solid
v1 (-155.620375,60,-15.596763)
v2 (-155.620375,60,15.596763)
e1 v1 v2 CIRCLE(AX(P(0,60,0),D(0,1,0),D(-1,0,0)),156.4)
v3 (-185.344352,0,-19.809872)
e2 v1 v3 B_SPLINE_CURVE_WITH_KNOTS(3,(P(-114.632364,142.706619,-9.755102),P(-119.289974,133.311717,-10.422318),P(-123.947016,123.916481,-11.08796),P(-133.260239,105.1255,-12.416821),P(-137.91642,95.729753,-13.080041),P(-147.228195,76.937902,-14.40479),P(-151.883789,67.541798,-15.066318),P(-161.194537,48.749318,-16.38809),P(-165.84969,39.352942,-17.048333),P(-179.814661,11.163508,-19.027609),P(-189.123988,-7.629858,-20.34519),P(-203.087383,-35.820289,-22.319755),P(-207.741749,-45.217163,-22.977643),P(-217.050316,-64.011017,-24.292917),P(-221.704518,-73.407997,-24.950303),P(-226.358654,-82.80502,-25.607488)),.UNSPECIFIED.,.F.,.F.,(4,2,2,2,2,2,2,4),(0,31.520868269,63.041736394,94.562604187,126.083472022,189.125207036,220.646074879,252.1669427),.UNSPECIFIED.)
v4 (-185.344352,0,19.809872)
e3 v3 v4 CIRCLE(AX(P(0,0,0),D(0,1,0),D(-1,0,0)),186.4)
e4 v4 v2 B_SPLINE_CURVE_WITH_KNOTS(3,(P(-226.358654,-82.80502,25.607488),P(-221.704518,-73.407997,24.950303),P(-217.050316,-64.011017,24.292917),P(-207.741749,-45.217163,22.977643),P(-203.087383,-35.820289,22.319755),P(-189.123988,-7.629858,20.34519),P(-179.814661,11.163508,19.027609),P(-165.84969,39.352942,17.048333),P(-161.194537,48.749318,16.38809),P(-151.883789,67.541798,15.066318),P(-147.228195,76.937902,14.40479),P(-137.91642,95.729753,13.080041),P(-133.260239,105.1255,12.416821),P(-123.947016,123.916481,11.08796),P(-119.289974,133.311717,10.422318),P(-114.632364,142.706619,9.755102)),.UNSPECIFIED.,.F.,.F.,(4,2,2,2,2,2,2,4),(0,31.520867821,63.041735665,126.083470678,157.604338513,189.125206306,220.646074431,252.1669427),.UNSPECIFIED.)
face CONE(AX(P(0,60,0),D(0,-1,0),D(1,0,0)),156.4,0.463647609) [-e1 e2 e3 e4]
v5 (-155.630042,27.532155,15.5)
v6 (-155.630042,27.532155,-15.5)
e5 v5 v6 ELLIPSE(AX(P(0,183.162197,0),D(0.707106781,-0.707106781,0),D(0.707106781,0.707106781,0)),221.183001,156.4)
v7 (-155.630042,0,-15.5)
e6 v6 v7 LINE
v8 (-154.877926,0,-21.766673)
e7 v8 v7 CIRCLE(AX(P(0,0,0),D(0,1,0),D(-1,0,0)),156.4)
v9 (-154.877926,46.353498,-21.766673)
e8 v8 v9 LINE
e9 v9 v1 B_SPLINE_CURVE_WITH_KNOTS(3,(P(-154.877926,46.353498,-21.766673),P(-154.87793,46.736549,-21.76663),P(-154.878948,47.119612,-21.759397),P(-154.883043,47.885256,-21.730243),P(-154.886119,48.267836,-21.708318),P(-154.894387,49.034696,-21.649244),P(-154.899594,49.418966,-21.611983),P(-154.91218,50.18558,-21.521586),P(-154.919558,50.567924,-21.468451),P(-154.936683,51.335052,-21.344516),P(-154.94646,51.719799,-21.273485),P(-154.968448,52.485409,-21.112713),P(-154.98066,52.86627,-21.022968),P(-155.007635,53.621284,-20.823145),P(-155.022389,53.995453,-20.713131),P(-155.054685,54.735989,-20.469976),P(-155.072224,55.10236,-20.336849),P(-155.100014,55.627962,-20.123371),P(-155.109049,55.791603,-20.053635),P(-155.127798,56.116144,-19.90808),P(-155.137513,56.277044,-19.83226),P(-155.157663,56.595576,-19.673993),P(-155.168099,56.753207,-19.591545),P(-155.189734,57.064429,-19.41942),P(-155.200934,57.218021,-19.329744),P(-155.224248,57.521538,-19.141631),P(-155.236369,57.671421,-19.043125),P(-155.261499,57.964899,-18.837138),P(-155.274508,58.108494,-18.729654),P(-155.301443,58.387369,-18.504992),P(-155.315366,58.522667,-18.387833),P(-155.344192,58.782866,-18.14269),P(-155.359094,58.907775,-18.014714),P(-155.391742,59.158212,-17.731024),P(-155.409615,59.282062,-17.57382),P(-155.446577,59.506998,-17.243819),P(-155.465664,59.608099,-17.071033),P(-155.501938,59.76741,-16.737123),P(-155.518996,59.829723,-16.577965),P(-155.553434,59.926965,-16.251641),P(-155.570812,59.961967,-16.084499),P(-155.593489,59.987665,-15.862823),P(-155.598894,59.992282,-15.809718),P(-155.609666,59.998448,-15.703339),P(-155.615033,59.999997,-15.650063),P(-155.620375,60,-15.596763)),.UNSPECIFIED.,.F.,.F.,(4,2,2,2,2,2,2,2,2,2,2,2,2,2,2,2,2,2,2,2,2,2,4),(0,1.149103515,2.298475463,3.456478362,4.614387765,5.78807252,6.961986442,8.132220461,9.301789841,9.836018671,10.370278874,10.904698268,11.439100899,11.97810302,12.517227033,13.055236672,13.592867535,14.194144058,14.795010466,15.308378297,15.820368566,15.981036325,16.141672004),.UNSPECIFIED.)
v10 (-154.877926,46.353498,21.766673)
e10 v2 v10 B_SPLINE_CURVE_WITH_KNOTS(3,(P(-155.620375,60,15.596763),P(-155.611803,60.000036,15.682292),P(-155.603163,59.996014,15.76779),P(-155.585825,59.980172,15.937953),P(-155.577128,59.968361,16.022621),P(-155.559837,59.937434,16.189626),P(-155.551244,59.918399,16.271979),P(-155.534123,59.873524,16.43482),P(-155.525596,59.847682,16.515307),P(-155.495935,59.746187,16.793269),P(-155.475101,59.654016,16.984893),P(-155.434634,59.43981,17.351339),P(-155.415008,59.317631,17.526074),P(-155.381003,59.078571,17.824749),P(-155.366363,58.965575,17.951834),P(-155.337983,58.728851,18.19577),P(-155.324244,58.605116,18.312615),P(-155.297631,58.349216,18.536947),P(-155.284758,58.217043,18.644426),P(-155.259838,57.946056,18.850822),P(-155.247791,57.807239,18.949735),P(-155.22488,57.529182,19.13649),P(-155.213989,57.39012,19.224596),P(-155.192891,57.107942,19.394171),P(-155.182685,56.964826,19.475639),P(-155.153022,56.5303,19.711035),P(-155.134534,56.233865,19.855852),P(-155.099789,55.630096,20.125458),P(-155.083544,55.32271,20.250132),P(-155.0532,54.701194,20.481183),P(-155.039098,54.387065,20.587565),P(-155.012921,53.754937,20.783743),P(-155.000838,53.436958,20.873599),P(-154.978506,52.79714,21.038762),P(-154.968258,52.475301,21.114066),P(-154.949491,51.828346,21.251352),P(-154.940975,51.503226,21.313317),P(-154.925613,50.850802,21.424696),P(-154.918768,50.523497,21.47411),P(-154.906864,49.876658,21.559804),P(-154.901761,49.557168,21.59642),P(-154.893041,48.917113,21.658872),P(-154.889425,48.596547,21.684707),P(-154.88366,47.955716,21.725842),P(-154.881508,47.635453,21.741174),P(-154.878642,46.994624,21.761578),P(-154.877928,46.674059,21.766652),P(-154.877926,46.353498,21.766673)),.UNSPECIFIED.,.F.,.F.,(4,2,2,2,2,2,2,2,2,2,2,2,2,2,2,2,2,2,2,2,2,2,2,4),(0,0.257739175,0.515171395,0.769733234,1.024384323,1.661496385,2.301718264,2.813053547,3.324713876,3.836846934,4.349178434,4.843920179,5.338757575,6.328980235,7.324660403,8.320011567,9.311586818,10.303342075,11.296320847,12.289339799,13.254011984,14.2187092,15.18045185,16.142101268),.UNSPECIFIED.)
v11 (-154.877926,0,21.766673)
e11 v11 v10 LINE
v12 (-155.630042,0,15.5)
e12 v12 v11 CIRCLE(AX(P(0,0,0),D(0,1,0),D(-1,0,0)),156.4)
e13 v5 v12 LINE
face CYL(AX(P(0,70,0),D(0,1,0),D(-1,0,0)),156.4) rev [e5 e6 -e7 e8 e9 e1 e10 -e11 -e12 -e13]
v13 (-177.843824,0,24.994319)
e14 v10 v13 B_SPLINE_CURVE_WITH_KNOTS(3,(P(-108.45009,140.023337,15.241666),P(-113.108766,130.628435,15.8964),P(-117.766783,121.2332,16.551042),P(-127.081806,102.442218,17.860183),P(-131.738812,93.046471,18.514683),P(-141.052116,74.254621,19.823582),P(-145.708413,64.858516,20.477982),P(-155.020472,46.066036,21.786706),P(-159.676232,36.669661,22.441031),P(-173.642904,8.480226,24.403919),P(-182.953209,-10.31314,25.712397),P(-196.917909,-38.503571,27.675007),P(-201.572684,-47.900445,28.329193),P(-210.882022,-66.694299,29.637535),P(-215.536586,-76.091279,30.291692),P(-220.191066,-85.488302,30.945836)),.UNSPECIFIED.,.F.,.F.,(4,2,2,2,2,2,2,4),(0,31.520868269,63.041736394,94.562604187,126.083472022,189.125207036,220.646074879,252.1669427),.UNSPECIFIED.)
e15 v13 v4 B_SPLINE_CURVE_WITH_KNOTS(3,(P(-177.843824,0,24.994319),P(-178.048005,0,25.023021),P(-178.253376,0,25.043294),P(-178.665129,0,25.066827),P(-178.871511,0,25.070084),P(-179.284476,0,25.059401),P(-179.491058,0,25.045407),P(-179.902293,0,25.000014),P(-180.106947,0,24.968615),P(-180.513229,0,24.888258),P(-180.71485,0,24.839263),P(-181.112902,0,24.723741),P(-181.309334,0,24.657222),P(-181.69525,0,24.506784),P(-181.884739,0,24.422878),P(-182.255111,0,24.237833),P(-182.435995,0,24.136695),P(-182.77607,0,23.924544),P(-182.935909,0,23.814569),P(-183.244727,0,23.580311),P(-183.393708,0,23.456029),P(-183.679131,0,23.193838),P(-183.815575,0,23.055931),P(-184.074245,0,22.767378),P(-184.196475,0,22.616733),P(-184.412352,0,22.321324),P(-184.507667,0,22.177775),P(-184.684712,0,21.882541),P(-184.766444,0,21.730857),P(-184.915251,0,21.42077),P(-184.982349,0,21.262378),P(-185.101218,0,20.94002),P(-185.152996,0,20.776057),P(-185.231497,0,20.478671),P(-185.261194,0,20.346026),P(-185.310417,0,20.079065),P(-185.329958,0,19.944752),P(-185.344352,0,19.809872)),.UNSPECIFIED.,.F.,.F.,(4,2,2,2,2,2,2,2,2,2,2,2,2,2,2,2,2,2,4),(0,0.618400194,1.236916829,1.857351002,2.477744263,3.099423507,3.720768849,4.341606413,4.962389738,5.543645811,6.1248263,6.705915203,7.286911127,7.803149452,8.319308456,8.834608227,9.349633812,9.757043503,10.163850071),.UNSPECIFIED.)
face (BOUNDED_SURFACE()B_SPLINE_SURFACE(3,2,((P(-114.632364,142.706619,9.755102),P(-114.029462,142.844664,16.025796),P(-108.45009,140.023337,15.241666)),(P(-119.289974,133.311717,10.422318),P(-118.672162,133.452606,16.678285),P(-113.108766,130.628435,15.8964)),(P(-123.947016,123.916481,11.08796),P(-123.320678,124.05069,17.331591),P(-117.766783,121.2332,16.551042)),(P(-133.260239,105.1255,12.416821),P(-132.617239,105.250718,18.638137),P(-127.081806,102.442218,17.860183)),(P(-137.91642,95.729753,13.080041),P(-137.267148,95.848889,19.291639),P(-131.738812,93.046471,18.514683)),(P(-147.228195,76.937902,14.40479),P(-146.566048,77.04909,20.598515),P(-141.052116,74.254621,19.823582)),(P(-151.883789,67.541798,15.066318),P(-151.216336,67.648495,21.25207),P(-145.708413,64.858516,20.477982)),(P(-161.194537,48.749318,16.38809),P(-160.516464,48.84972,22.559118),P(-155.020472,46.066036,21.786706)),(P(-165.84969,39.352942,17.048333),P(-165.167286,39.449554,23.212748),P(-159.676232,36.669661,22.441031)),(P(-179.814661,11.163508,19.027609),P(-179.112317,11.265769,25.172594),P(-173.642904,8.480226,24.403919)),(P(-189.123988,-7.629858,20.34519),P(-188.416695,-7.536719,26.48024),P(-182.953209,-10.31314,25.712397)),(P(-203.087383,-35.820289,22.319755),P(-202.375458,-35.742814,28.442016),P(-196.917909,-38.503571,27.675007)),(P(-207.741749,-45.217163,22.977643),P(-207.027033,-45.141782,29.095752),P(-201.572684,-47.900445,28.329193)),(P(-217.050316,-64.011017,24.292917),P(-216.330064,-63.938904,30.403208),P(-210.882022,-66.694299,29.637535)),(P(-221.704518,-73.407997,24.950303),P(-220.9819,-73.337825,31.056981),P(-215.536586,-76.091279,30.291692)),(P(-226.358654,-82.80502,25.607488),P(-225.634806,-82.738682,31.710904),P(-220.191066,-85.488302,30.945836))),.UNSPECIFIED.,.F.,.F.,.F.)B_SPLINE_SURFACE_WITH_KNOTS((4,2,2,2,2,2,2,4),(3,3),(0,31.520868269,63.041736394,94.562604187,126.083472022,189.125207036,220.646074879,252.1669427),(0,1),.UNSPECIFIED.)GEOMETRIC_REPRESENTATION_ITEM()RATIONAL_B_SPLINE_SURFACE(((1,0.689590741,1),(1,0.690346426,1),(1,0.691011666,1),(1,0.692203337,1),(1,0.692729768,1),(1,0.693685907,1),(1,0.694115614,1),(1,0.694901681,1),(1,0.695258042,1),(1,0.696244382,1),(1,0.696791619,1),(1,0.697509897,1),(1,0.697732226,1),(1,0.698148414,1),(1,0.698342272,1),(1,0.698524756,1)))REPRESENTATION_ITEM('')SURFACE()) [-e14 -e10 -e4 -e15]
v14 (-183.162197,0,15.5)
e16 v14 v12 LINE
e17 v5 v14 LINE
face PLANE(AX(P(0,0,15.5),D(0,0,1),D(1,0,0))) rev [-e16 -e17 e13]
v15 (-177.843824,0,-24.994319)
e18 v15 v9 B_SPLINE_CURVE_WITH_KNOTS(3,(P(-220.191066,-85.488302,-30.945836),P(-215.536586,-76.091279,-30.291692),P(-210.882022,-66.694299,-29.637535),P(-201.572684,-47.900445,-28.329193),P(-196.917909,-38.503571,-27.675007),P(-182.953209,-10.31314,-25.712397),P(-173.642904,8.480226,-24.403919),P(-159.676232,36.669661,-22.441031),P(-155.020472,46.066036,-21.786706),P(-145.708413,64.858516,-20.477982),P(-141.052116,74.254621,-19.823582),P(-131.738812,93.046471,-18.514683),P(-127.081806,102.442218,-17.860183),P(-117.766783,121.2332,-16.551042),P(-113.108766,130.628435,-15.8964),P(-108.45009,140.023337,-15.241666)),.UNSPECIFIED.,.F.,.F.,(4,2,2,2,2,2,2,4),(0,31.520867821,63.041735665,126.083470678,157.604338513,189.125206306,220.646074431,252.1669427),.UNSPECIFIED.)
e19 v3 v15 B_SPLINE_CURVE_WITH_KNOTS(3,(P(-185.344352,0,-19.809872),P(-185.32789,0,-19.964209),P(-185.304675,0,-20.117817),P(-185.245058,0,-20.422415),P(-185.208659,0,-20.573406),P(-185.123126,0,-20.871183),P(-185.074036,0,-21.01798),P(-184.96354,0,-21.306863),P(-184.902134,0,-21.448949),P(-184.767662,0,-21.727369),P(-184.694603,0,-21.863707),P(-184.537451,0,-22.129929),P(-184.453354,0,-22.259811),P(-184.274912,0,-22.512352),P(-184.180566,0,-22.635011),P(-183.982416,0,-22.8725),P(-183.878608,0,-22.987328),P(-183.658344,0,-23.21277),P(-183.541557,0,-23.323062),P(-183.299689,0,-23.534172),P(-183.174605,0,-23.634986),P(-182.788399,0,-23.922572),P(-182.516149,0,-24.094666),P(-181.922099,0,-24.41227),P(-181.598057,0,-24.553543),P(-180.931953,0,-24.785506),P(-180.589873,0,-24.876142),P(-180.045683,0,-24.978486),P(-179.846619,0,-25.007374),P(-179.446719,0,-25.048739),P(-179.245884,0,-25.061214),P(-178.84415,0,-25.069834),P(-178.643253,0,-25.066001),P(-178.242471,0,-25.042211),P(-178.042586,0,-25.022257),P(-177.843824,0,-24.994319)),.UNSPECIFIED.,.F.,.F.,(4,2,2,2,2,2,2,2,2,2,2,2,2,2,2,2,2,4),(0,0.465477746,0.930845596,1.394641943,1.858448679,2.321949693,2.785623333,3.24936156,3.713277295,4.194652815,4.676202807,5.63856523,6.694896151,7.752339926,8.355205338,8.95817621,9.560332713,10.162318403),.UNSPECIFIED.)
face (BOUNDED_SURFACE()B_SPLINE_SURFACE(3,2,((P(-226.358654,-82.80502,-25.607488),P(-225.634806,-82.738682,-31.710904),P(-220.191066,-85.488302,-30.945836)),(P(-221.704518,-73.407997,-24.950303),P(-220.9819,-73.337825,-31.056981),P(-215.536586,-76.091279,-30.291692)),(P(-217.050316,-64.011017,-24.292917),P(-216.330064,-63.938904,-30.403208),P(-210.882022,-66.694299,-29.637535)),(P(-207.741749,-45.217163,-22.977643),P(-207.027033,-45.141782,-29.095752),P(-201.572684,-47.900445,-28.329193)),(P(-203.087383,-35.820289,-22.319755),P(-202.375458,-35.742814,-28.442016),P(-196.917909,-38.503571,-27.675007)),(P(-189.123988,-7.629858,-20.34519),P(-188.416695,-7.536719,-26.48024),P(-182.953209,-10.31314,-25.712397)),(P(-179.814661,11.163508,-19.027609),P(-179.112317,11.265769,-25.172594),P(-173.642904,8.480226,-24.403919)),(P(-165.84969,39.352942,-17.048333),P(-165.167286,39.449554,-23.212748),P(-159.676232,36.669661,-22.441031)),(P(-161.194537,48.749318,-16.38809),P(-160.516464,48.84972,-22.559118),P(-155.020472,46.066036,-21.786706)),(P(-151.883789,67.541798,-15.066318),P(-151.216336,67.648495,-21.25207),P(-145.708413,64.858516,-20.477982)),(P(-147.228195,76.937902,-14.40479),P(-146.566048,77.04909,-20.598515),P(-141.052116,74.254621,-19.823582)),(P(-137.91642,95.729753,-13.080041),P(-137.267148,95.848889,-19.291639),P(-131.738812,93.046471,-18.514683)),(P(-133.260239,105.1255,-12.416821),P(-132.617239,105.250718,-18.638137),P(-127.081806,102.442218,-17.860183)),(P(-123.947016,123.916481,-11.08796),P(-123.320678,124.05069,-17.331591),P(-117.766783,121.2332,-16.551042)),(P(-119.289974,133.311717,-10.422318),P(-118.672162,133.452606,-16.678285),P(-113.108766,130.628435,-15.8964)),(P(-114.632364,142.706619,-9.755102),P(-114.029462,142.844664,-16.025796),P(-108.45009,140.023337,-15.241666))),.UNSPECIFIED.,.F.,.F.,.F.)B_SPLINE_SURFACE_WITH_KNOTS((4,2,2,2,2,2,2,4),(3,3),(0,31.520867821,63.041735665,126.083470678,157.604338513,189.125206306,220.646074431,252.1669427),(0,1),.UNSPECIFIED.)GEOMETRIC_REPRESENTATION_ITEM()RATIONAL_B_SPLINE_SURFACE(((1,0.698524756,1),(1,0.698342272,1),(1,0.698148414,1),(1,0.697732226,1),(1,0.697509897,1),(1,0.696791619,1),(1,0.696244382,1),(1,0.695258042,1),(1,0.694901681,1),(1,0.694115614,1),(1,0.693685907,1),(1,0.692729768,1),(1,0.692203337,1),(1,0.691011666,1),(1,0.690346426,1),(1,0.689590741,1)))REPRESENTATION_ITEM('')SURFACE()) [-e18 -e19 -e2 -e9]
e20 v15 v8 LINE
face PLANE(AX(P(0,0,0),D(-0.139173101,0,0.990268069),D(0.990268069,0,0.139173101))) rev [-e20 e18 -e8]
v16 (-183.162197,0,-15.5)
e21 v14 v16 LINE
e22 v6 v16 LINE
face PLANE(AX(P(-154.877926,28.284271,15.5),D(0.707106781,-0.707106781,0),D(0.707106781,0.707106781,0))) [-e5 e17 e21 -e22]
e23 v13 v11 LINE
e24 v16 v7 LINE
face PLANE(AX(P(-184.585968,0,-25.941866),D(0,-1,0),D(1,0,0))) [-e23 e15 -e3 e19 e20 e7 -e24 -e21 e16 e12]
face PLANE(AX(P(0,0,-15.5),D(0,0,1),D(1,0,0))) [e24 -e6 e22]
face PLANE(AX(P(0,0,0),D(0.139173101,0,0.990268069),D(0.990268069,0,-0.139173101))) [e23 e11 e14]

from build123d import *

# Parameters (mm, degrees)
REVOLVE1_ANGLE           = 8
REVOLVE1_OTHER_WAY_ANGLE = 8
CUT_EXTRUDE1_DEPTH       = 15.5
CUT_EXTRUDE1_DEPTH_BACK  = 15.5
FILLET1_R                = 6


with BuildPart() as part:
    # Sketch4 → Revolve1 (revolve)
    with BuildSketch(Plane.XY):
        Polygon((-156.4, 0), (-156.4, 60), (-186.4, 0), align=None)
    revolve(axis=Axis((0, 70, 0), (0, -1, 0)), revolution_arc=REVOLVE1_ANGLE)

    # Sketch4 → Revolve1 other way (revolve)
    with BuildSketch(Plane.XY):
        Polygon((-156.4, 0), (-156.4, 60), (-186.4, 0), align=None)
    revolve(axis=Axis((0, 70, 0), (0, 1, 0)), revolution_arc=REVOLVE1_OTHER_WAY_ANGLE)

    # Sketch6 → Cut-Extrude1 (cut, two sides: drawn at the far end of the back side and taken through both)
    with BuildSketch(Plane.XY.offset(-CUT_EXTRUDE1_DEPTH_BACK)):
        Polygon((-154.877925951, 28.284271247), (-183.162197199, 0), (-154.877925951, 0), align=None)
    extrude(amount=CUT_EXTRUDE1_DEPTH + CUT_EXTRUDE1_DEPTH_BACK, mode=Mode.SUBTRACT)

    # Fillet1
    fillet1_edges = [part.edges().sort_by_distance(p)[0] for p in [
        (-169.731946982, 30, 23.854269505),
        (-169.731946982, 30, -23.854269505),
    ]]
    fillet(fillet1_edges, radius=FILLET1_R)


solid = part.part
